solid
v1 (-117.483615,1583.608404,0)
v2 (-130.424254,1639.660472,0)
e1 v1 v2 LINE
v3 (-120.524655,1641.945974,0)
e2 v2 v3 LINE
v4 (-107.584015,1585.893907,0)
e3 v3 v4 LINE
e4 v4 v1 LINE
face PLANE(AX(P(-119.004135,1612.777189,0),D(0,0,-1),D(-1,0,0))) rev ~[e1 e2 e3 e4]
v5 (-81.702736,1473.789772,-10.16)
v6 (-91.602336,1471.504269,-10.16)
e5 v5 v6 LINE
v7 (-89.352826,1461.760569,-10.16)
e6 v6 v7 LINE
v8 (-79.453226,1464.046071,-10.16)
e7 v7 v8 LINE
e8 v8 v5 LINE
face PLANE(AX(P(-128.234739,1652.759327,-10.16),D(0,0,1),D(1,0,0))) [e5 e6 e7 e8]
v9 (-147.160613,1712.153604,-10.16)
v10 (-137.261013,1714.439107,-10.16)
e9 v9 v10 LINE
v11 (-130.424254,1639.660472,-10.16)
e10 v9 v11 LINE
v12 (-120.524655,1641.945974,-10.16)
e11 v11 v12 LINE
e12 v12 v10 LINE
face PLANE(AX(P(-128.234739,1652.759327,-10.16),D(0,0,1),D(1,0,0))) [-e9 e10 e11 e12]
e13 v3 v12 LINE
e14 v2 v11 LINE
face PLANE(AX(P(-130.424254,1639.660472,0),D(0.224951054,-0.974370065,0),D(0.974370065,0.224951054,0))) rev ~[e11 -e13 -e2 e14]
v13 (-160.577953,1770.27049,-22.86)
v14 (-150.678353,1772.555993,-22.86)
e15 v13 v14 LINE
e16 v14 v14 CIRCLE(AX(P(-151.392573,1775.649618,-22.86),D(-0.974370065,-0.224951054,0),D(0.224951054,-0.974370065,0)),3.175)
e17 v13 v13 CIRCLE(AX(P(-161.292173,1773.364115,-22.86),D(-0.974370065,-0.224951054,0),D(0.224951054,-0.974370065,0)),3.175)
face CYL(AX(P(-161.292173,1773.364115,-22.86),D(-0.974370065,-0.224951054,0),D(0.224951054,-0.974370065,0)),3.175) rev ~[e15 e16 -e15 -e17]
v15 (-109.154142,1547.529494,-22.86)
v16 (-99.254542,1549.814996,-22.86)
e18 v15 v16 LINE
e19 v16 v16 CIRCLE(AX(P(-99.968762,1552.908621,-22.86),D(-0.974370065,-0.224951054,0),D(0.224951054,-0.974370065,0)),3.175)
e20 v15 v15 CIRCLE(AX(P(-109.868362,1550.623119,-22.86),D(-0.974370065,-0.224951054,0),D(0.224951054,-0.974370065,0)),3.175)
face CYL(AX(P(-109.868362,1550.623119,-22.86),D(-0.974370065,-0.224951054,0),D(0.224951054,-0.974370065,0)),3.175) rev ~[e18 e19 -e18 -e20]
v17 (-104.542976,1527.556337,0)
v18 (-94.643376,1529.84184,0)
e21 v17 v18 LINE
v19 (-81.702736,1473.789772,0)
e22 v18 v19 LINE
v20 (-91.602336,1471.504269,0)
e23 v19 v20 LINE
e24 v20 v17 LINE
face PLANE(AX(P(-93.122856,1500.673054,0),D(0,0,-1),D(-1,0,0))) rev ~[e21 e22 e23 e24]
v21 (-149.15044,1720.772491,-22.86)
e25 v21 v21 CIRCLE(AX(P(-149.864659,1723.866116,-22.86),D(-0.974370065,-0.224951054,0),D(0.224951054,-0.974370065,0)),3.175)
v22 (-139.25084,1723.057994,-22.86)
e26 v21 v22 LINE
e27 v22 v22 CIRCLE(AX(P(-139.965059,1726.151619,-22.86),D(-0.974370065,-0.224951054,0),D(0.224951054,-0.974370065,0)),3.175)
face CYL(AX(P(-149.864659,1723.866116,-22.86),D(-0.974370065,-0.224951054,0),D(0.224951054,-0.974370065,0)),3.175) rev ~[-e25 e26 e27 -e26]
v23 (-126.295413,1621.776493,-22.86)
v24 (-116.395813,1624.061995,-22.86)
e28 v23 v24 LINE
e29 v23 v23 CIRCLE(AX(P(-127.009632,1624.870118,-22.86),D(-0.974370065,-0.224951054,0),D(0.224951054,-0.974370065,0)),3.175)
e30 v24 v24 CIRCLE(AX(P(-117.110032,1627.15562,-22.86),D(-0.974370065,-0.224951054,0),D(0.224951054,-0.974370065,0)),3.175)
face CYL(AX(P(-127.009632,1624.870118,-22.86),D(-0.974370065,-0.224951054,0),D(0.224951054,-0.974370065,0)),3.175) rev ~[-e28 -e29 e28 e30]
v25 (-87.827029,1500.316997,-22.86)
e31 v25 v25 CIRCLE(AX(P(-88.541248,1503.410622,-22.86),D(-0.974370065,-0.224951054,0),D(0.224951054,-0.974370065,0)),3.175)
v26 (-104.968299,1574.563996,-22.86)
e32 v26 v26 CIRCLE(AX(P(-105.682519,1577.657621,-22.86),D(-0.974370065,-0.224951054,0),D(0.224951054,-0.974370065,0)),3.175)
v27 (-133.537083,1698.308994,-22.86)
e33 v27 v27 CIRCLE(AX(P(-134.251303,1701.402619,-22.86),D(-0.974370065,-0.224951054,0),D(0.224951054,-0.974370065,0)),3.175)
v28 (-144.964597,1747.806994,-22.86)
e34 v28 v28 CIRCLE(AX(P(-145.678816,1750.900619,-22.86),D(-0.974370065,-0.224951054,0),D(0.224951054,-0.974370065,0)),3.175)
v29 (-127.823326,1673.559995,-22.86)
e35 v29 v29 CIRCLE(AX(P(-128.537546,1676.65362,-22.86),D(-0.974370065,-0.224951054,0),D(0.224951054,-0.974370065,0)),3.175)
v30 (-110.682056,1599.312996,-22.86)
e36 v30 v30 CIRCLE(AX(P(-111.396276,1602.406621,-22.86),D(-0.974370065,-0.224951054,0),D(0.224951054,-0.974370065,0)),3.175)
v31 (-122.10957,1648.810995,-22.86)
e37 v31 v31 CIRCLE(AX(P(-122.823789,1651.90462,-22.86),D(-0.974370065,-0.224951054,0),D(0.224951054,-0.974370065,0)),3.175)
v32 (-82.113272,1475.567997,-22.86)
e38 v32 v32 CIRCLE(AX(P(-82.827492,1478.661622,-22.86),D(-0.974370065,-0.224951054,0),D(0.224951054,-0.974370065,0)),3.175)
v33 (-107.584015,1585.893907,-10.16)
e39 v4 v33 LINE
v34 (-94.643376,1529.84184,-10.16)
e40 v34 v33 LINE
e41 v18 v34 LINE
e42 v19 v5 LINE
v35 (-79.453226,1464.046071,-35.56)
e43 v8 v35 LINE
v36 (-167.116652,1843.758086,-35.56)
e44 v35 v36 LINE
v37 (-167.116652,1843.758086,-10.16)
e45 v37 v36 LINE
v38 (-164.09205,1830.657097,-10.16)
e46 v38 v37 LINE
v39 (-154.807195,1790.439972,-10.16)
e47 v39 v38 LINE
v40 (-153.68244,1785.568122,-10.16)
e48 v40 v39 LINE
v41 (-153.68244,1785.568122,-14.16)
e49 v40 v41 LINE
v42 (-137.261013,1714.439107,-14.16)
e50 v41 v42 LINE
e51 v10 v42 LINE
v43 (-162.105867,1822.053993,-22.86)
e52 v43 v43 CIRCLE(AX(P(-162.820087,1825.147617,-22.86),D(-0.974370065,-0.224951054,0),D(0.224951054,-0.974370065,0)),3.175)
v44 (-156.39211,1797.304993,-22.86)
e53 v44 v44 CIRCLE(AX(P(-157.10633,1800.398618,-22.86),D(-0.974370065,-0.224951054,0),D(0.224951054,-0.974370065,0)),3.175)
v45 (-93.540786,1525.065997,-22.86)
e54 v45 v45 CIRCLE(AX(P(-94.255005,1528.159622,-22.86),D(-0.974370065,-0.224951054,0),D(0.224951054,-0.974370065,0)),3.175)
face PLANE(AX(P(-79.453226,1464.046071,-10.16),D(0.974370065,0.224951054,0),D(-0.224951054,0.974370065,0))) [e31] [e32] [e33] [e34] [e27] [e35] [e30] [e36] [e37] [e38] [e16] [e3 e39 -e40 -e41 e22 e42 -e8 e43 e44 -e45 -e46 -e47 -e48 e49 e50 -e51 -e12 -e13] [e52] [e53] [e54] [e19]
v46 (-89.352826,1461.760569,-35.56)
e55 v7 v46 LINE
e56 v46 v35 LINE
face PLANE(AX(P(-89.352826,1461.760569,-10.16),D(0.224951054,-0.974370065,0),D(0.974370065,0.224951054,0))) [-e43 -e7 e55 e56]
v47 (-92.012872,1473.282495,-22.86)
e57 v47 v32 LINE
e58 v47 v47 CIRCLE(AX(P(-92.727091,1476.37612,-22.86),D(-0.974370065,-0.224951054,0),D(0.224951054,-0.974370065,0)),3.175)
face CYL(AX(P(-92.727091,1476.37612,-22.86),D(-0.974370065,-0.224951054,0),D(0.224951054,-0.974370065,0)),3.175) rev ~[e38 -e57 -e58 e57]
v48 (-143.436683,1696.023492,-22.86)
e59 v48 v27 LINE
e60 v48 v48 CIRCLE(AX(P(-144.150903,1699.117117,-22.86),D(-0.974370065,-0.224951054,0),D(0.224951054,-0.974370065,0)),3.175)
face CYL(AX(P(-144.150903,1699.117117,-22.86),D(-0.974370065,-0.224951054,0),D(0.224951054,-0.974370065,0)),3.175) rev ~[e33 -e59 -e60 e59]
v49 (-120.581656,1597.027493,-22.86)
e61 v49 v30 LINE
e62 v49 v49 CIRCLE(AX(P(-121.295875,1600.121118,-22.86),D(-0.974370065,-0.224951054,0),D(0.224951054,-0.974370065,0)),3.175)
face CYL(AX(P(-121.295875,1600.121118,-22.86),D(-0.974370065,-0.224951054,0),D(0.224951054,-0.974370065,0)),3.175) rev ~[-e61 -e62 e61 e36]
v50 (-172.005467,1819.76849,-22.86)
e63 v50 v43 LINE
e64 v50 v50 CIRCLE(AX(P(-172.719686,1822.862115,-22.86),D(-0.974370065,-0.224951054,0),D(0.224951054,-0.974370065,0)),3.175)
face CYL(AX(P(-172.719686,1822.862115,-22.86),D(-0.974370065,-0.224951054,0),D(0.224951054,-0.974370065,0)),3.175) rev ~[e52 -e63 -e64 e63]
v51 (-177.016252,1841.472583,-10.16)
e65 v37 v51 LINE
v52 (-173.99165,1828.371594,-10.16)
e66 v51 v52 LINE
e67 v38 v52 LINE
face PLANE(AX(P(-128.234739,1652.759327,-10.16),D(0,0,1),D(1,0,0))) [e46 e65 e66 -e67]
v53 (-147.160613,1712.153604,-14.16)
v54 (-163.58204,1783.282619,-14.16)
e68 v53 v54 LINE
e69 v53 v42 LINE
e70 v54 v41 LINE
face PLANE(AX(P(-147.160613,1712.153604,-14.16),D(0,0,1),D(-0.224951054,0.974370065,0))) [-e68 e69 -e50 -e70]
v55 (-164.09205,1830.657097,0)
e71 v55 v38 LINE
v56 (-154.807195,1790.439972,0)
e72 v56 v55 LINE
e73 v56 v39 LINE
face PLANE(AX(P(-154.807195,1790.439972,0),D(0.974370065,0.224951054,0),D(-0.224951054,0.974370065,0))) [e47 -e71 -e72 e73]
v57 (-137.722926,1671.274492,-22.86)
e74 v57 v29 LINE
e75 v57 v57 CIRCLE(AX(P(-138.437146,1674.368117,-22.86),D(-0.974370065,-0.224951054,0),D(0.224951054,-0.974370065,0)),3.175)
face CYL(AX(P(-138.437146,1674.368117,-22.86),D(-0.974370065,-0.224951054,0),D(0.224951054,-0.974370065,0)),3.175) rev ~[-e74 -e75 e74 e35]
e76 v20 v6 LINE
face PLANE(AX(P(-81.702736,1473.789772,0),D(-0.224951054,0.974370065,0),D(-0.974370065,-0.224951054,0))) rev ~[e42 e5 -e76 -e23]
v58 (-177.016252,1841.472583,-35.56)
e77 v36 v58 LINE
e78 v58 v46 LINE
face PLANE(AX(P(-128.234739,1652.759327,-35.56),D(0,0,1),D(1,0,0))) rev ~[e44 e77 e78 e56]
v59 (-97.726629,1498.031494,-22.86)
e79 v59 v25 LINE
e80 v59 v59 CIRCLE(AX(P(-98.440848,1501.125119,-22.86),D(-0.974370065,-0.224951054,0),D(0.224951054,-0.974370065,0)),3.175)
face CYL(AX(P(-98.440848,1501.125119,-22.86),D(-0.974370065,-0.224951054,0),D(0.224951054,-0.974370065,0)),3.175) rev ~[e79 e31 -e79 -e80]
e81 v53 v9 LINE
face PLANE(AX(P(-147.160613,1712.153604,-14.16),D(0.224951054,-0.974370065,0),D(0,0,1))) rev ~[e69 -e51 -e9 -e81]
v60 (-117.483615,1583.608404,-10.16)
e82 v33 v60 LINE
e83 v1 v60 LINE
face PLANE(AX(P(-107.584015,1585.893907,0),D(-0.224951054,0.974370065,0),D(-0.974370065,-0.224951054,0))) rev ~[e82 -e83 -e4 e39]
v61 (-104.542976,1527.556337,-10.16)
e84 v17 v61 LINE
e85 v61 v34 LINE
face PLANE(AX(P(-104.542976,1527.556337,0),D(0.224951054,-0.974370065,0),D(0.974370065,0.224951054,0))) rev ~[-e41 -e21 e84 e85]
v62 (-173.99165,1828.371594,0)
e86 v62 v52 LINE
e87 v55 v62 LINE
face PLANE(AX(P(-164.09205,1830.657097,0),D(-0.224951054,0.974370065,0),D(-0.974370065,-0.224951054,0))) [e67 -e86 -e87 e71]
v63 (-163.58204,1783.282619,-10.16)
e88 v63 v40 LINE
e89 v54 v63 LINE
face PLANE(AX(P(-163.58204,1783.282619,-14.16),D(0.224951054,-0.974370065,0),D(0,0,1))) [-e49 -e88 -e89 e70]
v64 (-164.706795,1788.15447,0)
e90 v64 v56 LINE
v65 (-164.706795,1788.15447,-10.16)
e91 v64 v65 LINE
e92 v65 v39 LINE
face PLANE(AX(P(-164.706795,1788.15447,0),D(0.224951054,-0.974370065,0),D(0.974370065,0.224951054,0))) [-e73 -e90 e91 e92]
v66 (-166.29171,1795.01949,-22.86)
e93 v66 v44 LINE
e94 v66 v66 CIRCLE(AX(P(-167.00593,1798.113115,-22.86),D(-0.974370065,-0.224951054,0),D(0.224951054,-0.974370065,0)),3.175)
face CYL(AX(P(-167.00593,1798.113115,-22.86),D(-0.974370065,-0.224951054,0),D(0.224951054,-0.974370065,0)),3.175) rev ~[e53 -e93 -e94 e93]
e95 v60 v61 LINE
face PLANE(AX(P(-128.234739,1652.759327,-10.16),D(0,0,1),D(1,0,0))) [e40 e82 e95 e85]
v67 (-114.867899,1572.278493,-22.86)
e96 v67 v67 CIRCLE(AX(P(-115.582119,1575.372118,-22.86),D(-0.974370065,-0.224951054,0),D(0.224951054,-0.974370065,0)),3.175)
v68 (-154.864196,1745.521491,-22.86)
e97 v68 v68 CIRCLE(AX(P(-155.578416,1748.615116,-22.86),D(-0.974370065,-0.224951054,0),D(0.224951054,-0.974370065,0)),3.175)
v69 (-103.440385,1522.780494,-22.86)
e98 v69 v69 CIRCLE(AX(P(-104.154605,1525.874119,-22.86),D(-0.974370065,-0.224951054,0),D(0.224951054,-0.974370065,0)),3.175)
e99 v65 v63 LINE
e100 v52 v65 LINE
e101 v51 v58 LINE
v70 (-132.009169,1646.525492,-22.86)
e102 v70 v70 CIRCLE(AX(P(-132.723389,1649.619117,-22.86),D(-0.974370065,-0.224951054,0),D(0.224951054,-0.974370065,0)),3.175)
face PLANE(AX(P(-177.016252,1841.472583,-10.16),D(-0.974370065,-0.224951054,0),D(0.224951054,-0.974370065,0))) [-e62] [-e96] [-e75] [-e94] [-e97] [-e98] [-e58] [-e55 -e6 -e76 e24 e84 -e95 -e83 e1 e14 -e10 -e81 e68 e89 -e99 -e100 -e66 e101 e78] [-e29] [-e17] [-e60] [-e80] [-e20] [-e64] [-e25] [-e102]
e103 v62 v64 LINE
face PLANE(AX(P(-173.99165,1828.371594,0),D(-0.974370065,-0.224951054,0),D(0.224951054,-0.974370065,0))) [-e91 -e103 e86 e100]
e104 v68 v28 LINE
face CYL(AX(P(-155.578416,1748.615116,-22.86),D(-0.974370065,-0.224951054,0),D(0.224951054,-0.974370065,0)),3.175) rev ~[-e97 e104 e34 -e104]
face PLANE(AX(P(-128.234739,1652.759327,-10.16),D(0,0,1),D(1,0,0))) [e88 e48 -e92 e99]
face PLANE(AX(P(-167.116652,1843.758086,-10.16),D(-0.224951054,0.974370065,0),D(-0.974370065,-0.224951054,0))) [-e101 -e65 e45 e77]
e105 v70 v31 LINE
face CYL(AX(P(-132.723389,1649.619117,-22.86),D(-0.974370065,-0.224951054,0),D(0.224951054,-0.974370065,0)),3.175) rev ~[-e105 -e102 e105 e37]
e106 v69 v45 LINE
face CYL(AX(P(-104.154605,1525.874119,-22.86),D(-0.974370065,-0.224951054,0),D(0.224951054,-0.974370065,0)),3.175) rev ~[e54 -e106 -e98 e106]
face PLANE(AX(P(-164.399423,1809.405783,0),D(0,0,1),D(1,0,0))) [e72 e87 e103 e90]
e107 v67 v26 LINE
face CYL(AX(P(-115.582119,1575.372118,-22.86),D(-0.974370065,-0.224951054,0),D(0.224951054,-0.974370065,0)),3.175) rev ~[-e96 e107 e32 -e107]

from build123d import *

# Parameters (mm, degrees)
BOSS_EXTRUDE1_DEPTH   = 10.16
BOSS_EXTRUDE1_2_DEPTH = 10.16
BOSS_EXTRUDE1_3_DEPTH = 10.16
BOSS_EXTRUDE2_DEPTH   = 25.4
SKETCH3_R             = 3.175
SKETCH3_W             = 29.218678694
SKETCH3_H             = 73
CUT_EXTRUDE1_DEPTH    = 1837.667023453


with BuildPart() as part:
    # Sketch1 → Boss-Extrude1 (new body)
    with BuildSketch(Plane.XY):
        Polygon((-120.524654614, 1641.945974367), (-107.584015199, 1585.893906943), (-117.483615058, 1583.608404231), (-130.424254473, 1639.660471655), align=None)
    extrude(amount=-BOSS_EXTRUDE1_DEPTH)



with BuildPart() as body_2:
    # Sketch1 → Boss-Extrude1 2 (new body)
    with BuildSketch(Plane.XY):
        Polygon((-104.542975642, 1527.556336807), (-94.643375784, 1529.841839519), (-81.702736369, 1473.789772095), (-91.602336227, 1471.504269383), align=None)
    extrude(amount=-BOSS_EXTRUDE1_2_DEPTH)


with BuildPart() as body_3:
    # Sketch1 → Boss-Extrude1 3 (new body)
    with BuildSketch(Plane.XY):
        Polygon((-164.706795155, 1788.154469528), (-154.807195296, 1790.43997224), (-164.092050064, 1830.657096664), (-173.991649923, 1828.371593952), align=None)
    extrude(amount=-BOSS_EXTRUDE1_3_DEPTH)


with BuildPart() as part_1:
    add(part.part)

    add(body_2.part)  # Boss-Extrude2 merges body 2

    add(body_3.part)  # Boss-Extrude2 merges body 3
    # Sketch2 → Boss-Extrude2 (add)
    with BuildSketch(Plane(origin=(0, 0, -10.16), x_dir=(-1, 0, 0), z_dir=(0, 0, -1))):
        Polygon((177.016251562, 1841.472582982), (89.352825684, 1461.760568735), (79.453225826, 1464.046071447), (167.116651704, 1843.758085694), align=None)
    extrude(amount=BOSS_EXTRUDE2_DEPTH)

    # Sketch3 → Cut-Extrude1 (cut, through all)
    with BuildSketch(Plane(origin=(235.565521709, 54.384585889, 0), x_dir=(0, 0, 1), z_dir=(-0.974370064785235, -0.22495105434386642, 0))):
        with Locations(Location((-22.86, 1459.395752405, 0), (0, 0, 270))):
            Circle(SKETCH3_R)
        with Locations(Location((-22.86, 1484.795752405, 0), (0, 0, 270))):
            Circle(SKETCH3_R)
        with Locations(Location((-22.86, 1510.195752405, 0), (0, 0, 270))):
            Circle(SKETCH3_R)
        with Locations(Location((-22.86, 1535.595752405, 0), (0, 0, 270))):
            Circle(SKETCH3_R)
        with Locations(Location((-22.86, 1560.995752405, 0), (0, 0, 270))):
            Circle(SKETCH3_R)
        with Locations(Location((-22.86, 1586.395752405, 0), (0, 0, 270))):
            Circle(SKETCH3_R)
        with Locations(Location((-22.86, 1611.795752405, 0), (0, 0, 270))):
            Circle(SKETCH3_R)
        with Locations(Location((-22.86, 1637.195752405, 0), (0, 0, 270))):
            Circle(SKETCH3_R)
        with Locations(Location((-22.86, 1662.595752405, 0), (0, 0, 270))):
            Circle(SKETCH3_R)
        with Locations(Location((-22.86, 1687.995752405, 0), (0, 0, 270))):
            Circle(SKETCH3_R)
        with Locations(Location((-22.86, 1713.395752405, 0), (0, 0, 270))):
            Circle(SKETCH3_R)
        with Locations(Location((-22.86, 1738.795752405, 0), (0, 0, 270))):
            Circle(SKETCH3_R)
        with Locations(Location((-22.86, 1764.195752405, 0), (0, 0, 270))):
            Circle(SKETCH3_R)
        with Locations(Location((-22.86, 1789.595752405, 0), (0, 0, 270))):
            Circle(SKETCH3_R)
        with Locations(Location((-22.86, 1814.995752405, 0), (0, 0, 270))):
            Circle(SKETCH3_R)
        with Locations((0.449339347, 1737.875153548)):
            Rectangle(SKETCH3_W, SKETCH3_H)
    extrude(amount=-CUT_EXTRUDE1_DEPTH, mode=Mode.SUBTRACT)


solid = part_1.part
